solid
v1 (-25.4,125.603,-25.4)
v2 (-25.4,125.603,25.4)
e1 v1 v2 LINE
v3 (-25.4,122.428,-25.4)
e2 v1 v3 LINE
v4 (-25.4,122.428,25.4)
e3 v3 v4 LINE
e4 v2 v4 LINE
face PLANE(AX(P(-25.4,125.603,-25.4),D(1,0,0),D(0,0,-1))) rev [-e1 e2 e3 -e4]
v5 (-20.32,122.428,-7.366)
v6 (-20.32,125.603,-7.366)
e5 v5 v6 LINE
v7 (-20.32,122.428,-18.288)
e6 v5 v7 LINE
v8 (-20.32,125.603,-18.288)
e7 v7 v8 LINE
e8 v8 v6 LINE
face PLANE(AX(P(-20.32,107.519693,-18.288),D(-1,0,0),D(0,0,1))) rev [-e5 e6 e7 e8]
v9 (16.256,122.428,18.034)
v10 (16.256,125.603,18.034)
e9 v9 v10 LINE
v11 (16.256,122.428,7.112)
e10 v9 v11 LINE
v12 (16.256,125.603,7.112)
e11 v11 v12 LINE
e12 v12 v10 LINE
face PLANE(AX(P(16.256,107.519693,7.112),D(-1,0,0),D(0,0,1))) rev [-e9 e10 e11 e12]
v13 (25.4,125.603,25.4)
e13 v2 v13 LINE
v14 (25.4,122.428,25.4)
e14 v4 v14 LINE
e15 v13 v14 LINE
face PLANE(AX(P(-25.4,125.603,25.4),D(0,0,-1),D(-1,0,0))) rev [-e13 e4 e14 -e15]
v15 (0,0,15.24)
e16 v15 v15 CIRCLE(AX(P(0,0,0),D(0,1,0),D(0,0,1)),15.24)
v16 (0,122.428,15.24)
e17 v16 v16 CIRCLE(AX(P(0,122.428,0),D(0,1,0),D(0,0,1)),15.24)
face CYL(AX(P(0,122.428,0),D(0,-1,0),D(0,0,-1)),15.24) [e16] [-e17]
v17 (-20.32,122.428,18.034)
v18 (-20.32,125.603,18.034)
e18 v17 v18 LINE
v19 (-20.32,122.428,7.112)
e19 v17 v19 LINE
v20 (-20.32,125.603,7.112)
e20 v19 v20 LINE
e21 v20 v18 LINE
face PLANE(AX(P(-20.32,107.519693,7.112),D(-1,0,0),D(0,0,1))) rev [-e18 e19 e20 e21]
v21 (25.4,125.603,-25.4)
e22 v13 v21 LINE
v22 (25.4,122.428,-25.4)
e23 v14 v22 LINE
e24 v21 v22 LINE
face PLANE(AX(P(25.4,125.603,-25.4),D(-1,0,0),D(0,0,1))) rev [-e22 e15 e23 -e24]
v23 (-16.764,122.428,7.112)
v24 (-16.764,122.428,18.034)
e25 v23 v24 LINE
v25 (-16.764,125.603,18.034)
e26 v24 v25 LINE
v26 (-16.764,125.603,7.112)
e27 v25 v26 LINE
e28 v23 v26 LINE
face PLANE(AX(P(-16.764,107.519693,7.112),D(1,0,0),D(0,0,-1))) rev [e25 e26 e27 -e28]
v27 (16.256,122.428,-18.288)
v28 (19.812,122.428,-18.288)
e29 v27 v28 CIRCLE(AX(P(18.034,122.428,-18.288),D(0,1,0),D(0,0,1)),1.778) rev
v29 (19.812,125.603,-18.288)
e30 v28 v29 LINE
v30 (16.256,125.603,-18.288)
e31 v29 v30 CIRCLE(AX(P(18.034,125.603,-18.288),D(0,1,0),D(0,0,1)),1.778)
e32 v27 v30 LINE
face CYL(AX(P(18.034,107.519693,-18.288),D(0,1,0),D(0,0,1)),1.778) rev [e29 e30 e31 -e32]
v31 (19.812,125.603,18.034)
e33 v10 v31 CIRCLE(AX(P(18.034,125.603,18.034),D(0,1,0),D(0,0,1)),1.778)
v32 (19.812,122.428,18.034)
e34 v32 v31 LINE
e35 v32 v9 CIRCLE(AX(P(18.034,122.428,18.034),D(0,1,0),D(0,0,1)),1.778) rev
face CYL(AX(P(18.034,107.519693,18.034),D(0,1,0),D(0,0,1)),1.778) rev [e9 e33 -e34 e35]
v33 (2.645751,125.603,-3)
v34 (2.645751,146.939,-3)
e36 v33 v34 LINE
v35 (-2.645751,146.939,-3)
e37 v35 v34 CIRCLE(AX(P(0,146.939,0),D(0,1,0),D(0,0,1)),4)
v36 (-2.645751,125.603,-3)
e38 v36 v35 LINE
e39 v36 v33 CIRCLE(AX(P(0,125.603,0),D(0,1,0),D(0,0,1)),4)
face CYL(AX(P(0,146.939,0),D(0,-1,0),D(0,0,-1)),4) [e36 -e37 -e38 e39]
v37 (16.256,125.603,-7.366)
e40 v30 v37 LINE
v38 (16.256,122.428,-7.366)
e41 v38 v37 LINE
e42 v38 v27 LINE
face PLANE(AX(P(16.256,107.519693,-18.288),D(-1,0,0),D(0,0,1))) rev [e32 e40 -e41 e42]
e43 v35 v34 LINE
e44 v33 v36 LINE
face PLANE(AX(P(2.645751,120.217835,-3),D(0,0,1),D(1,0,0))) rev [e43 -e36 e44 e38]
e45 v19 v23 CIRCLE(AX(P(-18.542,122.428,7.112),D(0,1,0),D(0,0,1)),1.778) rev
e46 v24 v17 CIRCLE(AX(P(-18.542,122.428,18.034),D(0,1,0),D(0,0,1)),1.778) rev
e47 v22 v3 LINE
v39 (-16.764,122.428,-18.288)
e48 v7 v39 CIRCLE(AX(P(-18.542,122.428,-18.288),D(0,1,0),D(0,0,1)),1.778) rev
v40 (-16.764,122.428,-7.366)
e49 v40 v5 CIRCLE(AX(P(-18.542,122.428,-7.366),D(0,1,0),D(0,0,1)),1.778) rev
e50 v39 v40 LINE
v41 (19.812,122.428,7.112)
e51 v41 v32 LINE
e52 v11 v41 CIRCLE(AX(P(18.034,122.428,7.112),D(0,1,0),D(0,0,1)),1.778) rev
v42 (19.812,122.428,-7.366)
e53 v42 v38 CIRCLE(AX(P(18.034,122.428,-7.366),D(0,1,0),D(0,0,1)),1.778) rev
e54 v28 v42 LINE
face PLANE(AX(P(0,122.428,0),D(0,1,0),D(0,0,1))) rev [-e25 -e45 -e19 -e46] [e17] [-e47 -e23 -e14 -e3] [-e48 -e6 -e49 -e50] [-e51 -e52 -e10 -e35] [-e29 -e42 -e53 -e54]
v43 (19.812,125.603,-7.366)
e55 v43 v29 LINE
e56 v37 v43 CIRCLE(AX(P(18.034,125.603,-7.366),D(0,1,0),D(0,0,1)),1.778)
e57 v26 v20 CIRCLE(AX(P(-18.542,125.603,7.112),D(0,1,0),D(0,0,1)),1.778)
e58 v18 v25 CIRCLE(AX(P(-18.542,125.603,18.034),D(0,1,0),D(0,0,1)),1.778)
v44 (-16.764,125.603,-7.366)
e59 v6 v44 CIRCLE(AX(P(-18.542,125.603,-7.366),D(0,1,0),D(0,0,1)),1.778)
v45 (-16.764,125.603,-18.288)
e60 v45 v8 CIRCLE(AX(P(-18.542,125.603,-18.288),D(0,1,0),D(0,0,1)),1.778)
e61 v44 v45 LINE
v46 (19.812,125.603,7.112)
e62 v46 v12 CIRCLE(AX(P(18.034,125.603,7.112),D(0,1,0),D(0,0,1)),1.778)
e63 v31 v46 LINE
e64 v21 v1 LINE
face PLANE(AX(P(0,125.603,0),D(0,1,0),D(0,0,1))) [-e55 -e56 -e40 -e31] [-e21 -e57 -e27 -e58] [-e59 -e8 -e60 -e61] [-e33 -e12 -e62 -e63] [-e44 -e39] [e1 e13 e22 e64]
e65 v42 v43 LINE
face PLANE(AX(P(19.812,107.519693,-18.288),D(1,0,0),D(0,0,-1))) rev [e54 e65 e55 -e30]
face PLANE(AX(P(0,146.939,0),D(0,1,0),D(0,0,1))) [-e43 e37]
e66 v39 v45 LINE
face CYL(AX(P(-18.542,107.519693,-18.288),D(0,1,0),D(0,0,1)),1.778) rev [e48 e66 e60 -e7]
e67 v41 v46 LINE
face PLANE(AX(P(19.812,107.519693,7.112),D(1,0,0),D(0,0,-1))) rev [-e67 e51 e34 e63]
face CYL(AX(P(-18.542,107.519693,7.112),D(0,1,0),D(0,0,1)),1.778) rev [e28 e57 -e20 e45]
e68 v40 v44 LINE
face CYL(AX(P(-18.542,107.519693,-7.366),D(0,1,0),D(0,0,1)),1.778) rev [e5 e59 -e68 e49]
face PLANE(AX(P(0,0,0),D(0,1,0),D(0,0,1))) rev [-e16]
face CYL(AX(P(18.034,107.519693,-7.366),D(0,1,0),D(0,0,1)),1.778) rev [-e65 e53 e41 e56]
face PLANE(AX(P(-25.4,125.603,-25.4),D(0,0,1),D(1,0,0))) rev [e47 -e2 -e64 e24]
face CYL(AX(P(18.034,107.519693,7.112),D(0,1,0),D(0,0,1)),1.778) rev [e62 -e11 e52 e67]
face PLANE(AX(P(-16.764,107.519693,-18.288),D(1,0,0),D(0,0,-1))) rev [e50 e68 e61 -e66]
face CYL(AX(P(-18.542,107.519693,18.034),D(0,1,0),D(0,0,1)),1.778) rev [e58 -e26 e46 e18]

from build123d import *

# Parameters (mm, degrees)
SKETCH1_R           = 15.24
BOSS_EXTRUDE1_DEPTH = 122.428
SKETCH2_W           = 50.8
SKETCH2_H           = 50.8
BOSS_EXTRUDE2_DEPTH = 3.175
SKETCH3_R           = 4
BOSS_EXTRUDE3_DEPTH = 21.336
CUT_EXTRUDE1_DEPTH  = 21.336
CUT_EXTRUDE2_DEPTH  = 3.175


with BuildPart() as part:
    # Sketch1 → Boss-Extrude1 (new body)
    with BuildSketch(Plane(origin=(0, 0, 0), x_dir=(1, 0, 0), z_dir=(0, 1, 0))):
        Circle(SKETCH1_R)
    extrude(amount=BOSS_EXTRUDE1_DEPTH)

    # Sketch2 → Boss-Extrude2 (add)
    with BuildSketch(Plane(origin=(0, 122.428, 0), x_dir=(1, 0, 0), z_dir=(0, 1, 0))):
        Rectangle(SKETCH2_W, SKETCH2_H)
    extrude(amount=BOSS_EXTRUDE2_DEPTH)

    # Sketch3 → Boss-Extrude3 (add)
    with BuildSketch(Plane(origin=(0, 125.603, 0), x_dir=(1, 0, 0), z_dir=(0, 1, 0))):
        Circle(SKETCH3_R)
    extrude(amount=BOSS_EXTRUDE3_DEPTH)

    # Sketch4 → Cut-Extrude1 (cut)
    with BuildSketch(Plane(origin=(0, 146.939, 0), x_dir=(1, 0, 0), z_dir=(0, 1, 0))):
        with BuildLine():
            Line((2.645751311, 3), (-2.645751311, 3))
            ThreePointArc((-2.645751311, 3), (0, 4), (2.645751311, 3))
        make_face()
    extrude(amount=-CUT_EXTRUDE1_DEPTH, mode=Mode.SUBTRACT)

    # Sketch5 → Cut-Extrude2 (cut)
    with BuildSketch(Plane(origin=(0, 125.603, 0), x_dir=(1, 0, 0), z_dir=(0, 1, 0))):
        with BuildLine():
            Line((-16.764, 18.288), (-16.764, 7.366))
            ThreePointArc((-16.764, 7.366), (-18.542, 5.588), (-20.32, 7.366))
            Line((-20.32, 7.366), (-20.32, 18.288))
            ThreePointArc((-20.32, 18.288), (-18.542, 20.066), (-16.764, 18.288))
        make_face()
        with BuildLine():
            Line((-16.764, -7.112), (-16.764, -18.034))
            ThreePointArc((-16.764, -18.034), (-18.542, -19.812), (-20.32, -18.034))
            Line((-20.32, -18.034), (-20.32, -7.112))
            ThreePointArc((-20.32, -7.112), (-18.542, -5.334), (-16.764, -7.112))
        make_face()
        with BuildLine():
            Line((19.812, -7.112), (19.812, -18.034))
            ThreePointArc((19.812, -18.034), (18.034, -19.812), (16.256, -18.034))
            Line((16.256, -18.034), (16.256, -7.112))
            ThreePointArc((16.256, -7.112), (18.034, -5.334), (19.812, -7.112))
        make_face()
        with BuildLine():
            Line((19.812, 18.288), (19.812, 7.366))
            ThreePointArc((19.812, 7.366), (18.034, 5.588), (16.256, 7.366))
            Line((16.256, 7.366), (16.256, 18.288))
            ThreePointArc((16.256, 18.288), (18.034, 20.066), (19.812, 18.288))
        make_face()
    extrude(amount=-CUT_EXTRUDE2_DEPTH, mode=Mode.SUBTRACT)


solid = part.part
